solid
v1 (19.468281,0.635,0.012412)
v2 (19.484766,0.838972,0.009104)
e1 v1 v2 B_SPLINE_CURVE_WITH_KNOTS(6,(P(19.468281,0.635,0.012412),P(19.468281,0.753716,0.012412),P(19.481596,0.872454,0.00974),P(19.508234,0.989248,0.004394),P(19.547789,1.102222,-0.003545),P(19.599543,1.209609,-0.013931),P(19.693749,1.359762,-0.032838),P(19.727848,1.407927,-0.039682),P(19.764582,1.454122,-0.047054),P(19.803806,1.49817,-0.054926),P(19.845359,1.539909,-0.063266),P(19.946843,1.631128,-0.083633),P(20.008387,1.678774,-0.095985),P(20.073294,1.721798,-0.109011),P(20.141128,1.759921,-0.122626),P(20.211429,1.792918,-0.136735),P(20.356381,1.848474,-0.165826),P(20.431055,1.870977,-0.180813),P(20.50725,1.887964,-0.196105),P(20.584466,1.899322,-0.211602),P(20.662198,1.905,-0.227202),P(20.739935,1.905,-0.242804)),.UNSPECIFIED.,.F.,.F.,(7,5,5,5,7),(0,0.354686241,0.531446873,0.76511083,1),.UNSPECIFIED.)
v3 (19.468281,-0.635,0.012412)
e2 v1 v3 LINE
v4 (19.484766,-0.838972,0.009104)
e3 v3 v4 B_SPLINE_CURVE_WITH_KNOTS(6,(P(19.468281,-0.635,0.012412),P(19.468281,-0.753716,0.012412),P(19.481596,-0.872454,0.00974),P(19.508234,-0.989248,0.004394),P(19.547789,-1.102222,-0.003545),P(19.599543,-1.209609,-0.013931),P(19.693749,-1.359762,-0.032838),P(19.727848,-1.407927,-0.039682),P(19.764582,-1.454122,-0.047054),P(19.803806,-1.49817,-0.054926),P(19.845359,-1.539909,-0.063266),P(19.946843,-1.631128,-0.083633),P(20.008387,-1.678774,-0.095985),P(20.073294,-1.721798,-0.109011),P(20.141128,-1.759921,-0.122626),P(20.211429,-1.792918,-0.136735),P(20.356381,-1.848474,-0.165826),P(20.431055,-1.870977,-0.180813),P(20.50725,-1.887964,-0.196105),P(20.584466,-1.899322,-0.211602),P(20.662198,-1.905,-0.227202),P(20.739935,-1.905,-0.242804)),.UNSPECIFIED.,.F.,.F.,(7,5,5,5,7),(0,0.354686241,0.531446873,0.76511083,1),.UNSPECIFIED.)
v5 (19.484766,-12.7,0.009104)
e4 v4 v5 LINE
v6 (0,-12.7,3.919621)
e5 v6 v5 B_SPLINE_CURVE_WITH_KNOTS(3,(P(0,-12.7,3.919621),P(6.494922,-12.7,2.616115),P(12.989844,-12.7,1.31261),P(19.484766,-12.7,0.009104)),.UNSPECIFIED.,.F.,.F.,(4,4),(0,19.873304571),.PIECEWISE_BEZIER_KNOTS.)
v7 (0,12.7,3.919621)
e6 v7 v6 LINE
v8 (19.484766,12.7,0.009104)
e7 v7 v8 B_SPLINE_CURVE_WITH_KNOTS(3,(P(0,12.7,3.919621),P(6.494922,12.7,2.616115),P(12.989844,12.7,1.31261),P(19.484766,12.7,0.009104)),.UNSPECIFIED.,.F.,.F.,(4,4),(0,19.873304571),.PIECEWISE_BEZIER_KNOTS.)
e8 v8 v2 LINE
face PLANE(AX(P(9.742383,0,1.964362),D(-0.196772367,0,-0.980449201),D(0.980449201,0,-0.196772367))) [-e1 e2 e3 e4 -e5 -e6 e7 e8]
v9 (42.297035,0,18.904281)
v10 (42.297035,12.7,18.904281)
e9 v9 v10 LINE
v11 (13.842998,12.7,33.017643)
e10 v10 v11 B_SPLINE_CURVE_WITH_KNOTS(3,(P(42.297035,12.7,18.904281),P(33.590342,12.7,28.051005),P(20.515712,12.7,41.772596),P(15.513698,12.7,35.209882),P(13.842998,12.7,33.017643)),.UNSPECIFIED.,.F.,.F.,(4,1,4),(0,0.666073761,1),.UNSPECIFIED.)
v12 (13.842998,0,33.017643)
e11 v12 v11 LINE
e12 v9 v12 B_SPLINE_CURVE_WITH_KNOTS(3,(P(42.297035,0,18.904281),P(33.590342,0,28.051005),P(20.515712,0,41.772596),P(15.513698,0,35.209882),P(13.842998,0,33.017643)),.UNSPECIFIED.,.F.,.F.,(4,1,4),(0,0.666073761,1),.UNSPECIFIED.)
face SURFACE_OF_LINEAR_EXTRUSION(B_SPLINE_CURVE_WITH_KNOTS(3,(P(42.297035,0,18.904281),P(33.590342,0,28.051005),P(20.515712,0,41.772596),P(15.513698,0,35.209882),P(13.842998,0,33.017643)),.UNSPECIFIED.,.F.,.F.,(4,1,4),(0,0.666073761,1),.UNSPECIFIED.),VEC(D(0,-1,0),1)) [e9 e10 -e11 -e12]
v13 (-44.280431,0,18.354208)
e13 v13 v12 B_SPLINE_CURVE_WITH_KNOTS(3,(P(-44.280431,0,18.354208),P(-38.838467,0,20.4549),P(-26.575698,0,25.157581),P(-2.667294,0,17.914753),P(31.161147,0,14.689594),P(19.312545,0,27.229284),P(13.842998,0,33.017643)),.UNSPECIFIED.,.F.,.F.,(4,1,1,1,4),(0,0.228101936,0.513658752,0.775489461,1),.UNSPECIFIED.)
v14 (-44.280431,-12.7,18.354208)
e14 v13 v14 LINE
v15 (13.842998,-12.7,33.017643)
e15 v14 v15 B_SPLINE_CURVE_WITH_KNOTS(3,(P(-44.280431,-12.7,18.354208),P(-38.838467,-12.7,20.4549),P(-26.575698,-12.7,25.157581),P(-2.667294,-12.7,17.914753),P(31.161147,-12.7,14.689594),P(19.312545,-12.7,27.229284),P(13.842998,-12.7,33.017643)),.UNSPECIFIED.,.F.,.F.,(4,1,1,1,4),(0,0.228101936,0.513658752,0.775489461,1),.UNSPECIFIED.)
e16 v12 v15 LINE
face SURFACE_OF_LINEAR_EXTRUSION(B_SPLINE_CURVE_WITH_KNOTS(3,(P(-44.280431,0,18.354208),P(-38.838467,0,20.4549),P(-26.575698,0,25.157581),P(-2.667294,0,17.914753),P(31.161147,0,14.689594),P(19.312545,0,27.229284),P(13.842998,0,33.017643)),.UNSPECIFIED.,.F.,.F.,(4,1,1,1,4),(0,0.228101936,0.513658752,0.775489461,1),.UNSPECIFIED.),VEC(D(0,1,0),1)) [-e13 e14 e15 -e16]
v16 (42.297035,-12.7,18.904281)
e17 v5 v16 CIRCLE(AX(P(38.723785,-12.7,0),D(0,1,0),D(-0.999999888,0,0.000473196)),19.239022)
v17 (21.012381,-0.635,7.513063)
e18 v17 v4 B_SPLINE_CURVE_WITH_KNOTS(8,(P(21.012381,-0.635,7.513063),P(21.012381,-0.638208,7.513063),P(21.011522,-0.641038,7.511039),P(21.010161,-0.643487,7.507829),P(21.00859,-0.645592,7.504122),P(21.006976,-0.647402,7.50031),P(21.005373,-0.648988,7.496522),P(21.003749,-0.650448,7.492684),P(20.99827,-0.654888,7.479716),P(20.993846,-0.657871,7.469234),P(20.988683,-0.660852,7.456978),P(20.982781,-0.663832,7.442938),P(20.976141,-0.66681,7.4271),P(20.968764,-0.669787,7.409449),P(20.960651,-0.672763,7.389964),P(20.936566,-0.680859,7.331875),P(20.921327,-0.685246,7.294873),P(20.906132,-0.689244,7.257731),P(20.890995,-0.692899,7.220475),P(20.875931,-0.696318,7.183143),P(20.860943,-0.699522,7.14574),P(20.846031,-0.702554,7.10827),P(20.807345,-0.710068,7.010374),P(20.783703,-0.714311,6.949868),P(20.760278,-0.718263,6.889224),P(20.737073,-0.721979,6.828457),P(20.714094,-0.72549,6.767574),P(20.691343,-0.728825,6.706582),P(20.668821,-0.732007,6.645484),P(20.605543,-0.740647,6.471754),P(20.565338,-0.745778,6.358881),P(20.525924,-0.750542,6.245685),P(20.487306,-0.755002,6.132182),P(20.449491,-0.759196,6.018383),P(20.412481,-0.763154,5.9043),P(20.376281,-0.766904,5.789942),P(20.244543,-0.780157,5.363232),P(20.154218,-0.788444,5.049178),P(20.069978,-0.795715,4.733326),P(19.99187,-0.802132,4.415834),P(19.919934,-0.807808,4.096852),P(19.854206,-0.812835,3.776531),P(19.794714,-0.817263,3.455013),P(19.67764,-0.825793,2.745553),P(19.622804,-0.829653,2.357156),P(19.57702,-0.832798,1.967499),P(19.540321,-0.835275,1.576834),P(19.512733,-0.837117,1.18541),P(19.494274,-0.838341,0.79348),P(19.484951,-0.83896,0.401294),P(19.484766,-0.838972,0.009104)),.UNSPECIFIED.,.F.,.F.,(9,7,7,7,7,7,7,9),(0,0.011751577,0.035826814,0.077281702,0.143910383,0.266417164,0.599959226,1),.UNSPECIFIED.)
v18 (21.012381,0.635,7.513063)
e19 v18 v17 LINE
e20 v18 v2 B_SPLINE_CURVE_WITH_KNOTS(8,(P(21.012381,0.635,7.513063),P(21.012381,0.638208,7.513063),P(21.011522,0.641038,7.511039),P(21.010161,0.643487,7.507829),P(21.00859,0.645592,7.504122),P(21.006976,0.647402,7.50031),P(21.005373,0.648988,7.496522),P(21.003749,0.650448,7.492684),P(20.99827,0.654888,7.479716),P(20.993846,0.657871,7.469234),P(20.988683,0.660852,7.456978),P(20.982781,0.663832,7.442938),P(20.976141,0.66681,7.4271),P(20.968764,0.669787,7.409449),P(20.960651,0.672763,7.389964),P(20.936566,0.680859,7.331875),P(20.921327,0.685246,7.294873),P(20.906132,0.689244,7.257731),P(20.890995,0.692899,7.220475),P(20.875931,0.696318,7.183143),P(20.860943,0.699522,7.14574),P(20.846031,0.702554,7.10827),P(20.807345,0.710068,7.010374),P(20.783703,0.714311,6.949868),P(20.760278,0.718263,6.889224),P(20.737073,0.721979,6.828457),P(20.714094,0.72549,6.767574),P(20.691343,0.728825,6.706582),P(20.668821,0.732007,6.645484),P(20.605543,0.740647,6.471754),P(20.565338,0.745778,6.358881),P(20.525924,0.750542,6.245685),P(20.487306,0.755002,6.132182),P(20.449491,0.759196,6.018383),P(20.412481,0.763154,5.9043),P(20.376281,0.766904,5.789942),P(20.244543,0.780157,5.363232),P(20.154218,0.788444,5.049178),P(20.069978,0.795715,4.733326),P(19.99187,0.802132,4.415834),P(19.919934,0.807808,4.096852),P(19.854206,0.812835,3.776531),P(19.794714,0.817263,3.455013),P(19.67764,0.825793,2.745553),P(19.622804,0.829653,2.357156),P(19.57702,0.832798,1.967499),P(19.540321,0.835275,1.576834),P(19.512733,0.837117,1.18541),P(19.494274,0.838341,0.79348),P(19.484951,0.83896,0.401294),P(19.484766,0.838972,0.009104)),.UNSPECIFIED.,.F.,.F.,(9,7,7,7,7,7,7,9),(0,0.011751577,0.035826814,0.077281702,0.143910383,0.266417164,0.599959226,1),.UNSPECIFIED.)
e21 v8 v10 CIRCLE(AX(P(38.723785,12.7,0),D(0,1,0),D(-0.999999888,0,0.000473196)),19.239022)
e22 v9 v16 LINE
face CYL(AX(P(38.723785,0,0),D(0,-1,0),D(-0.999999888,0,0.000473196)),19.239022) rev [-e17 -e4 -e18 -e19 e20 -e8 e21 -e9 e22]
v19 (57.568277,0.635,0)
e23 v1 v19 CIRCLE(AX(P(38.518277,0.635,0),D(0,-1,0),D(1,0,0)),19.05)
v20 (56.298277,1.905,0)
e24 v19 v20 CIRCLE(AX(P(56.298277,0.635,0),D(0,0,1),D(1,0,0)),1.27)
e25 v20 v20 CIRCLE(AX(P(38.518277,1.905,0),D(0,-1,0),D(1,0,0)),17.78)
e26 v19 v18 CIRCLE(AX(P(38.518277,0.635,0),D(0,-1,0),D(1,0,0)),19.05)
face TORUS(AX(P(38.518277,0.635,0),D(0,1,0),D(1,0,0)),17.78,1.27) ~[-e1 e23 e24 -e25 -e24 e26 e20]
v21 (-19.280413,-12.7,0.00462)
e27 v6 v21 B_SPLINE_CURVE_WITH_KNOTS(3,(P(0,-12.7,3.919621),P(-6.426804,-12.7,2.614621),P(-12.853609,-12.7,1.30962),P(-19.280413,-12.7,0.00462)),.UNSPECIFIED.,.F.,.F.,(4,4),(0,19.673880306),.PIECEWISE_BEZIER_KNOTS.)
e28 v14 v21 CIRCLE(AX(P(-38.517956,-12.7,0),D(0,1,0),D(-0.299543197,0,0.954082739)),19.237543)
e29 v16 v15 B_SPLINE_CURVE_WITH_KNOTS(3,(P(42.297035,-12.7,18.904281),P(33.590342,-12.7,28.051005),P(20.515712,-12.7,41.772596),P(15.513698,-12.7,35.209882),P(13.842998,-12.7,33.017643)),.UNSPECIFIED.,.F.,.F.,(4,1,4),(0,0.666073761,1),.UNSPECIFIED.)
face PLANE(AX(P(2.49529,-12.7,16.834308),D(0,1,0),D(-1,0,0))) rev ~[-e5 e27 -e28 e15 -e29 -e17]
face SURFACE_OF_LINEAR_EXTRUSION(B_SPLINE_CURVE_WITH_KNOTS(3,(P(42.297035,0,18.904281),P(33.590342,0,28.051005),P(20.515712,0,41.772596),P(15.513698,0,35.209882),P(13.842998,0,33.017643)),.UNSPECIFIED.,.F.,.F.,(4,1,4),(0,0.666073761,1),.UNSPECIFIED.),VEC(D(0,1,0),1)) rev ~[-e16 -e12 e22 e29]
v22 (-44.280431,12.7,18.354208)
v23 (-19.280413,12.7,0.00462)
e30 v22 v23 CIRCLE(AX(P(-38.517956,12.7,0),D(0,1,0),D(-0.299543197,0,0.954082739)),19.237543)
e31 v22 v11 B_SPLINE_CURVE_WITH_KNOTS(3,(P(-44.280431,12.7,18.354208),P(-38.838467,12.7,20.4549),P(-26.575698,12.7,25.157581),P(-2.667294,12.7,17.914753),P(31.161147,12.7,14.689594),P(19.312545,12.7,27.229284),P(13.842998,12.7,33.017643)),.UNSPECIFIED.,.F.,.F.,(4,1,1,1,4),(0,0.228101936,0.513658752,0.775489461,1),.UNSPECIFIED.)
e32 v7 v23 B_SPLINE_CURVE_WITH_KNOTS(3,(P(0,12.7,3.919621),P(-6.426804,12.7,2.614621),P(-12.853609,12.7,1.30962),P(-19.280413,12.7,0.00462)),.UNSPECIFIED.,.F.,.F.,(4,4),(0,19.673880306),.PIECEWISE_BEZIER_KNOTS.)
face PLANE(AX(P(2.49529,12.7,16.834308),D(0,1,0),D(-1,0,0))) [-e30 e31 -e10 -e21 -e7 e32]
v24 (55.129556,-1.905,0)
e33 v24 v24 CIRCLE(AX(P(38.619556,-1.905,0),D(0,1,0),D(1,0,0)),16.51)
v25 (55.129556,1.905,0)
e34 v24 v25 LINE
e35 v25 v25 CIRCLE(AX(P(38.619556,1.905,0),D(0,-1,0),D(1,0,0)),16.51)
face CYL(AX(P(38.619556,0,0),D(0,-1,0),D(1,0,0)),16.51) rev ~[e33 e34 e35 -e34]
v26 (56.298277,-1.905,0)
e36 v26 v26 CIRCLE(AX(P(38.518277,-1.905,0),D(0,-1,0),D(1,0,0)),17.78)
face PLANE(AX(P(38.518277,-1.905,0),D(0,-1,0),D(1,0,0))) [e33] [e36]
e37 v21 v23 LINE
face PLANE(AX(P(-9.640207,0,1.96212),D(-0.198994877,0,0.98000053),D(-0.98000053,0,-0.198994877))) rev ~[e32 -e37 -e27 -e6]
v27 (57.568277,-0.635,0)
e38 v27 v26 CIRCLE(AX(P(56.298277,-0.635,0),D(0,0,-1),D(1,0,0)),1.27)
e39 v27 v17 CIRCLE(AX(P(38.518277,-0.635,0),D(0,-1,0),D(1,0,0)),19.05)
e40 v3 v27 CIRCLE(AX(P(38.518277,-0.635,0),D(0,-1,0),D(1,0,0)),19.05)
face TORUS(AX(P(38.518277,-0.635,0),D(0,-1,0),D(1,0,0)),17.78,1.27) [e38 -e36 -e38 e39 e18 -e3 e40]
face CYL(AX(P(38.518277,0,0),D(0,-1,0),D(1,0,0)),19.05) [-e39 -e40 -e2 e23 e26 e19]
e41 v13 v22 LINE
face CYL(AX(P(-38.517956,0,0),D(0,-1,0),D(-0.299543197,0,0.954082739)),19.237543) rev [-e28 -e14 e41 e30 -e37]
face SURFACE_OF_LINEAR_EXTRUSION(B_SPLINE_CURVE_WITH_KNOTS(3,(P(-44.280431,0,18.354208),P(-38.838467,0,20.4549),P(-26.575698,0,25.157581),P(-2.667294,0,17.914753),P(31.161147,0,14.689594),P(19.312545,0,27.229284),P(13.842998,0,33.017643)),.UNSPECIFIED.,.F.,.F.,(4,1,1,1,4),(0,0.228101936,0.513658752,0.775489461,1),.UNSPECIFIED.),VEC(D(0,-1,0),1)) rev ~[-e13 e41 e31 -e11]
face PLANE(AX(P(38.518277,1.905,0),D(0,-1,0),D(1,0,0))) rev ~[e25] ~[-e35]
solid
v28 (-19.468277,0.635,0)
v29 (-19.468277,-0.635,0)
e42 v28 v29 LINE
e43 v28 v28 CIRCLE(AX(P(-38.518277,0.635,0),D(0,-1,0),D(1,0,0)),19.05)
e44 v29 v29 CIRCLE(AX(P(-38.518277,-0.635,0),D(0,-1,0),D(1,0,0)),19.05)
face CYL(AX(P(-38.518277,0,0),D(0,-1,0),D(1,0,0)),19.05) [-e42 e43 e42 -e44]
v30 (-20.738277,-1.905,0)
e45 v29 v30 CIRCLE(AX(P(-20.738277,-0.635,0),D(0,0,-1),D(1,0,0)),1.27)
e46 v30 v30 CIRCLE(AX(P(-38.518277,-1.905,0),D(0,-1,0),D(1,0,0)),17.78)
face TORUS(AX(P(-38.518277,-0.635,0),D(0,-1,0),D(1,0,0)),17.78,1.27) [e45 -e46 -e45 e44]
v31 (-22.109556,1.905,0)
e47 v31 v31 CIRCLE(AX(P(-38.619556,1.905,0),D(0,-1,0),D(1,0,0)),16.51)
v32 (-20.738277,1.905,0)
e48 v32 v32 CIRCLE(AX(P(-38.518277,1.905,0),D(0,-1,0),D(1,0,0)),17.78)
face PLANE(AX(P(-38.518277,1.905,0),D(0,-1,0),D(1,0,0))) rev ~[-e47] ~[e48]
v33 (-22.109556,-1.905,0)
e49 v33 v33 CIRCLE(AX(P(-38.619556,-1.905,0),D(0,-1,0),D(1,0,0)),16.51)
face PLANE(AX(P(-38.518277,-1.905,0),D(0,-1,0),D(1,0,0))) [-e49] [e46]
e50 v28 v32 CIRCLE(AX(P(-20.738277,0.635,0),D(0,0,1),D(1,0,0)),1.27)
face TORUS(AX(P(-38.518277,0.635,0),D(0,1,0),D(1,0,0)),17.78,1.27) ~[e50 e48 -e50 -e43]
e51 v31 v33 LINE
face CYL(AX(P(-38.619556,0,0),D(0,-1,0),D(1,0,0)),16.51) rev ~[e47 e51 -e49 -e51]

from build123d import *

# Parameters (mm, degrees)
F0_R     = 19.05
F2_DEPTH = 1.905
F1_R     = 16.51
F3_DEPTH = 2.54
F4_R     = 1.27
F4_2_R   = 1.27
F6_DEPTH = 12.7


with BuildPart() as f2:
    # F0 (on Front) → F2 (new body, symmetric)
    with BuildSketch(Plane.XZ):
        with Locations((-38.5182765663, 0)):
            Circle(F0_R)
    extrude(amount=F2_DEPTH, both=True)


with BuildPart() as f2b:
    # F0 (on Front) → F2, piece 2 (new body, symmetric)
    with BuildSketch(Plane.XZ):
        with Locations((38.5182765663, 0)):
            Circle(F0_R)
    extrude(amount=F2_DEPTH, both=True)


with BuildPart() as f3_tool:
    # F1 (on face) → F3 (new body, symmetric)
    with BuildSketch(Plane.XZ):
        with Locations((38.6195555329, 0)):
            Circle(F1_R)
        with Locations((-38.6195555329, 0)):
            Circle(F1_R)
    extrude(amount=F3_DEPTH, both=True)


with BuildPart() as f2_1:
    add(f2.part)

    # F3: cut by f3_tool
    add(f3_tool.part, mode=Mode.SUBTRACT)

    # F4#2
    f4_2_edges = [f2_1.edges().sort_by_distance(p)[0] for p in [
        (-57.568277, 1.905, 0),
        (-19.468277, 0, 0),
        (-57.568277, -1.905, 0),
    ]]
    fillet(f4_2_edges, radius=F4_2_R)


with BuildPart() as f2b_1:
    add(f2b.part)

    # F3: cut by f3_tool
    add(f3_tool.part, mode=Mode.SUBTRACT)

    # F4
    f4_edges = [f2b_1.edges().sort_by_distance(p)[0] for p in [
        (19.468277, 1.905, 0),
        (57.568277, 0, 0),
        (19.468277, -1.905, 0),
    ]]
    fillet(f4_edges, radius=F4_R)

    # F5 (on Front) → F6 (join, symmetric)
    with BuildSketch(Plane.XZ):
        with BuildLine():
            add(Edge.make_bspline(
                [(0, 3.9196209982), (-6.4268043758, 2.6146205321), (-12.8536087516, 1.309620066), (-19.2804131273, 0.0046195999)],
                knots=[0, 0, 0, 0, 19.6738803064, 19.6738803064, 19.6738803064, 19.6738803064], degree=3))
            add(Edge.make_bspline(
                [(0, 3.9196209982), (6.4949218626, 2.6161152738), (12.9898437253, 1.3126095494), (19.4847655879, 0.009103825)],
                knots=[0, 0, 0, 0, 19.8733045711, 19.8733045711, 19.8733045711, 19.8733045711], degree=3))
            ThreePointArc((19.4847655879, 0.009103825), (26.4514170766, 14.8165091154), (42.2970348293, 18.9042814226))
            add(Edge.make_bspline(
                [(42.2970348293, 18.9042814226), (33.5903418059, 28.0510053397), (20.515711515, 41.7725961089), (15.5136982582, 35.2098816799), (13.8429980725, 33.017642796)],
                knots=[0, 0, 0, 0, 0.6660737612, 1, 1, 1, 1], degree=3))
            add(Edge.make_bspline(
                [(-44.2804308585, 18.3542078324), (-38.8384670005, 20.4549004159), (-26.5756975332, 25.1575808274), (-2.6672938705, 17.914753007), (31.1611473272, 14.689593773), (19.3125454437, 27.2292838492), (13.8429980725, 33.017642796)],
                knots=[0, 0, 0, 0, 0.2281019359, 0.5136587523, 0.7754894608, 1, 1, 1, 1], degree=3))
            ThreePointArc((-44.2804308585, 18.3542078324), (-27.1350207702, 15.5084447257), (-19.2804131273, 0.0046195999))
        make_face()
    extrude(amount=F6_DEPTH, both=True)


solid = Compound([f2_1.part, f2b_1.part])
